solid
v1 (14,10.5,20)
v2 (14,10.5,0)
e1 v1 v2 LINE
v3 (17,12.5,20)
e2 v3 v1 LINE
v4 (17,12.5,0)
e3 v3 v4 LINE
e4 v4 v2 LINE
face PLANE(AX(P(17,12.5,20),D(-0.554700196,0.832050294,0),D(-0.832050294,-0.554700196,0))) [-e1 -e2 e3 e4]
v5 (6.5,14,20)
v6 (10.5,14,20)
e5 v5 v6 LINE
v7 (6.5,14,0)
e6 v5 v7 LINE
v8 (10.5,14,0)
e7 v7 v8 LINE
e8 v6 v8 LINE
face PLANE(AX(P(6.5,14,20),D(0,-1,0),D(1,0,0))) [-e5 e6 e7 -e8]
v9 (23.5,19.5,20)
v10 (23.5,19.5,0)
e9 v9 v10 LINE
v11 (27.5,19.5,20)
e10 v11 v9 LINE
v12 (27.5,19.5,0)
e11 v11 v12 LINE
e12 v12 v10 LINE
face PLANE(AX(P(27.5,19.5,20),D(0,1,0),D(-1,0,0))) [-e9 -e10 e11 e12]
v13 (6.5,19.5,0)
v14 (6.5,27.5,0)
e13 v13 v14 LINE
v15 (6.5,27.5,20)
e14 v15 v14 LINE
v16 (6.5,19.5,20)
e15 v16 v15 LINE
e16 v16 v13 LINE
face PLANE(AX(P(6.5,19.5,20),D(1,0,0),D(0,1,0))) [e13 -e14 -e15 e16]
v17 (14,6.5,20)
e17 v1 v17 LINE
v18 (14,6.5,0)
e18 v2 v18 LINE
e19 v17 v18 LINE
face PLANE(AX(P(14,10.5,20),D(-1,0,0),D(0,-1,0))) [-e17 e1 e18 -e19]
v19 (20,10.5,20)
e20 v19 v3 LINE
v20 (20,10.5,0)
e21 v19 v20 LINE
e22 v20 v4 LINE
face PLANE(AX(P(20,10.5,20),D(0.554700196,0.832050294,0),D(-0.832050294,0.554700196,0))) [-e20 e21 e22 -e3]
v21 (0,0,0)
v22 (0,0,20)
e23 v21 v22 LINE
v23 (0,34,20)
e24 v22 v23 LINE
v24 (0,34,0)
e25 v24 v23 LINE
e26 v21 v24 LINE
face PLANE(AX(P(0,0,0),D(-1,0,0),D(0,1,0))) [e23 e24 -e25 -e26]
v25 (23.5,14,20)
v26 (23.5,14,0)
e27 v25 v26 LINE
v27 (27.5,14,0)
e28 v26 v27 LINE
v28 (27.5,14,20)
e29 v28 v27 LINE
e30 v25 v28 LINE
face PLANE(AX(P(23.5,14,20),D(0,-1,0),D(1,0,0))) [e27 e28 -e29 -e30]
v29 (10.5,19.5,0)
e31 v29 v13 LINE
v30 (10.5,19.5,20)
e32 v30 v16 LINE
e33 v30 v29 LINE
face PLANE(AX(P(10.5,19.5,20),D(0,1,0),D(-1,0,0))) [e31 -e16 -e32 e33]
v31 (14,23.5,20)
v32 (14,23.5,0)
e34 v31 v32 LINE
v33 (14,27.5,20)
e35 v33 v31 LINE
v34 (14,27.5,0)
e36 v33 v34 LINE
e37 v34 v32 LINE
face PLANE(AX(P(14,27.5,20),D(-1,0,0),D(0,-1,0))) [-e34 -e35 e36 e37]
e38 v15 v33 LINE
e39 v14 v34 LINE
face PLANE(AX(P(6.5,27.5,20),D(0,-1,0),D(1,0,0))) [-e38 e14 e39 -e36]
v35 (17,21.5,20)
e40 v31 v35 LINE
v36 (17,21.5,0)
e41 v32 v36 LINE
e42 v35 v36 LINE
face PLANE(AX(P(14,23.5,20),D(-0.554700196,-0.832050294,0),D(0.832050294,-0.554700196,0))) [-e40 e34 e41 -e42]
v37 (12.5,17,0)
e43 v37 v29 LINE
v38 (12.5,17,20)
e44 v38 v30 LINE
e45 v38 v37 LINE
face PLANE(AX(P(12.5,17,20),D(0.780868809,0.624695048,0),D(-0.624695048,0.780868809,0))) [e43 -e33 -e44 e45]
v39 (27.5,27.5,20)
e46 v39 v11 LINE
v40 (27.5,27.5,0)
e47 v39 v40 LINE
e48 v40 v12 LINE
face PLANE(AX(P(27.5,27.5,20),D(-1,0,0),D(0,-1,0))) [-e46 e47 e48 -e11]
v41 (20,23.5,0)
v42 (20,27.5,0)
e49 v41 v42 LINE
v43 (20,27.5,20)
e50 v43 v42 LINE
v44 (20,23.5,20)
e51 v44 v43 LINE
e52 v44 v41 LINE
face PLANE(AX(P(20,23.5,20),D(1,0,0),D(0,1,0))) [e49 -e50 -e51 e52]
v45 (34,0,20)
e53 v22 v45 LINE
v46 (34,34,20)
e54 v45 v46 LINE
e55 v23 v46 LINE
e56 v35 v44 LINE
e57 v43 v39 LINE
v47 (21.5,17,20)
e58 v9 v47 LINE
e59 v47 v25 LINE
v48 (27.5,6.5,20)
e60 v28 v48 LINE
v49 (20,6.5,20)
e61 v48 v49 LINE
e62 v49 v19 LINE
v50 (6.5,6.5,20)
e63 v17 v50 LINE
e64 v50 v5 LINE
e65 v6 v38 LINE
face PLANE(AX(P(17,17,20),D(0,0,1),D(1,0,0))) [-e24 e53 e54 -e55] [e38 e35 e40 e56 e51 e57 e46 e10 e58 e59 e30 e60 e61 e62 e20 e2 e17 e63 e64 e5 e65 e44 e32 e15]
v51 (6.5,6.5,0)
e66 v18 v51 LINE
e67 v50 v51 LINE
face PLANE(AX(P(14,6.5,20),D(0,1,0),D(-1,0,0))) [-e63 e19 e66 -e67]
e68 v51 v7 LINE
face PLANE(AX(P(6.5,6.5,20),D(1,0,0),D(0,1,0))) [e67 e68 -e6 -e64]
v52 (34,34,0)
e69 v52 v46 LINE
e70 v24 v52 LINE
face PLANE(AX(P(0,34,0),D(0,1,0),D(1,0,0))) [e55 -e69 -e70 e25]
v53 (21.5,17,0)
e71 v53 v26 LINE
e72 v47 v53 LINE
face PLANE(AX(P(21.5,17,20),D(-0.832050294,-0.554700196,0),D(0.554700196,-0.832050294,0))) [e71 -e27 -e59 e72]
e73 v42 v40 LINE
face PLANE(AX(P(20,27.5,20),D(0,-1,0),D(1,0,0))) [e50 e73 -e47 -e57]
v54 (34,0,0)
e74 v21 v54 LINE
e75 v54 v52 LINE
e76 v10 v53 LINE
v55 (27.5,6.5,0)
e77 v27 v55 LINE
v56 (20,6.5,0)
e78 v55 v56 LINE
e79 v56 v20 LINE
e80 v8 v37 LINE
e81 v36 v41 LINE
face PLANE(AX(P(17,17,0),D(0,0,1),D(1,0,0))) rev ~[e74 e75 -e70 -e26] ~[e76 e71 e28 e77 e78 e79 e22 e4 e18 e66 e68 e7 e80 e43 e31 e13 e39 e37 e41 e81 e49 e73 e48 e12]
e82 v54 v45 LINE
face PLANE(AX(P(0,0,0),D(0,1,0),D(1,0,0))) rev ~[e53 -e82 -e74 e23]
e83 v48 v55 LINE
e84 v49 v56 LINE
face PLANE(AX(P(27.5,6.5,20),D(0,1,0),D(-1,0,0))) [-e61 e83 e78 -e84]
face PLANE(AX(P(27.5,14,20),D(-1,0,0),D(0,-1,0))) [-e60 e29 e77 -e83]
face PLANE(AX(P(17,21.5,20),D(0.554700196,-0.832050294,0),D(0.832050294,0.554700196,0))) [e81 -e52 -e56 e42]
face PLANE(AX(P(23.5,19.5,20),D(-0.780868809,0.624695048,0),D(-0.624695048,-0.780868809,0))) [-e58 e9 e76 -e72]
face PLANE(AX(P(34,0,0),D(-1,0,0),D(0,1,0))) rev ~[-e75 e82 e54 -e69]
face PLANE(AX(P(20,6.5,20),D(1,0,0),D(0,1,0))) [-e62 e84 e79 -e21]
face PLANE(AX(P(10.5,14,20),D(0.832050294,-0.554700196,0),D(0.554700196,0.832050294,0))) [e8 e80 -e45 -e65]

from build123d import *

# Parameters (mm, degrees)
SKETCH_W     = 34
SKETCH_H     = 34
PAD_DEPTH    = 20
POCKET_DEPTH = 20


with BuildPart() as part:
    # Sketch → Pad (new body)
    with BuildSketch(Plane.XY):
        with Locations((17, 17)):
            Rectangle(SKETCH_W, SKETCH_H)
    extrude(amount=PAD_DEPTH)

    # Sketch001 (on Face6 of Pad) → Pocket (cut)
    with BuildSketch(Plane.XY.offset(20)):
        Polygon((6.5, 27.5), (14, 27.5), (14, 23.5), (17, 21.5), (20, 23.5), (20, 27.5), (27.5, 27.5), (27.5, 19.5), (23.5, 19.5), (21.5, 17), (23.5, 14), (27.5, 14), (27.5, 6.5), (20, 6.5), (20, 10.5), (17, 12.5), (14, 10.5), (14, 6.5), (6.5, 6.5), (6.5, 14), (10.5, 14), (12.5, 17), (10.5, 19.5), (6.5, 19.5), align=None)
    extrude(amount=-POCKET_DEPTH, mode=Mode.SUBTRACT)


solid = part.part
